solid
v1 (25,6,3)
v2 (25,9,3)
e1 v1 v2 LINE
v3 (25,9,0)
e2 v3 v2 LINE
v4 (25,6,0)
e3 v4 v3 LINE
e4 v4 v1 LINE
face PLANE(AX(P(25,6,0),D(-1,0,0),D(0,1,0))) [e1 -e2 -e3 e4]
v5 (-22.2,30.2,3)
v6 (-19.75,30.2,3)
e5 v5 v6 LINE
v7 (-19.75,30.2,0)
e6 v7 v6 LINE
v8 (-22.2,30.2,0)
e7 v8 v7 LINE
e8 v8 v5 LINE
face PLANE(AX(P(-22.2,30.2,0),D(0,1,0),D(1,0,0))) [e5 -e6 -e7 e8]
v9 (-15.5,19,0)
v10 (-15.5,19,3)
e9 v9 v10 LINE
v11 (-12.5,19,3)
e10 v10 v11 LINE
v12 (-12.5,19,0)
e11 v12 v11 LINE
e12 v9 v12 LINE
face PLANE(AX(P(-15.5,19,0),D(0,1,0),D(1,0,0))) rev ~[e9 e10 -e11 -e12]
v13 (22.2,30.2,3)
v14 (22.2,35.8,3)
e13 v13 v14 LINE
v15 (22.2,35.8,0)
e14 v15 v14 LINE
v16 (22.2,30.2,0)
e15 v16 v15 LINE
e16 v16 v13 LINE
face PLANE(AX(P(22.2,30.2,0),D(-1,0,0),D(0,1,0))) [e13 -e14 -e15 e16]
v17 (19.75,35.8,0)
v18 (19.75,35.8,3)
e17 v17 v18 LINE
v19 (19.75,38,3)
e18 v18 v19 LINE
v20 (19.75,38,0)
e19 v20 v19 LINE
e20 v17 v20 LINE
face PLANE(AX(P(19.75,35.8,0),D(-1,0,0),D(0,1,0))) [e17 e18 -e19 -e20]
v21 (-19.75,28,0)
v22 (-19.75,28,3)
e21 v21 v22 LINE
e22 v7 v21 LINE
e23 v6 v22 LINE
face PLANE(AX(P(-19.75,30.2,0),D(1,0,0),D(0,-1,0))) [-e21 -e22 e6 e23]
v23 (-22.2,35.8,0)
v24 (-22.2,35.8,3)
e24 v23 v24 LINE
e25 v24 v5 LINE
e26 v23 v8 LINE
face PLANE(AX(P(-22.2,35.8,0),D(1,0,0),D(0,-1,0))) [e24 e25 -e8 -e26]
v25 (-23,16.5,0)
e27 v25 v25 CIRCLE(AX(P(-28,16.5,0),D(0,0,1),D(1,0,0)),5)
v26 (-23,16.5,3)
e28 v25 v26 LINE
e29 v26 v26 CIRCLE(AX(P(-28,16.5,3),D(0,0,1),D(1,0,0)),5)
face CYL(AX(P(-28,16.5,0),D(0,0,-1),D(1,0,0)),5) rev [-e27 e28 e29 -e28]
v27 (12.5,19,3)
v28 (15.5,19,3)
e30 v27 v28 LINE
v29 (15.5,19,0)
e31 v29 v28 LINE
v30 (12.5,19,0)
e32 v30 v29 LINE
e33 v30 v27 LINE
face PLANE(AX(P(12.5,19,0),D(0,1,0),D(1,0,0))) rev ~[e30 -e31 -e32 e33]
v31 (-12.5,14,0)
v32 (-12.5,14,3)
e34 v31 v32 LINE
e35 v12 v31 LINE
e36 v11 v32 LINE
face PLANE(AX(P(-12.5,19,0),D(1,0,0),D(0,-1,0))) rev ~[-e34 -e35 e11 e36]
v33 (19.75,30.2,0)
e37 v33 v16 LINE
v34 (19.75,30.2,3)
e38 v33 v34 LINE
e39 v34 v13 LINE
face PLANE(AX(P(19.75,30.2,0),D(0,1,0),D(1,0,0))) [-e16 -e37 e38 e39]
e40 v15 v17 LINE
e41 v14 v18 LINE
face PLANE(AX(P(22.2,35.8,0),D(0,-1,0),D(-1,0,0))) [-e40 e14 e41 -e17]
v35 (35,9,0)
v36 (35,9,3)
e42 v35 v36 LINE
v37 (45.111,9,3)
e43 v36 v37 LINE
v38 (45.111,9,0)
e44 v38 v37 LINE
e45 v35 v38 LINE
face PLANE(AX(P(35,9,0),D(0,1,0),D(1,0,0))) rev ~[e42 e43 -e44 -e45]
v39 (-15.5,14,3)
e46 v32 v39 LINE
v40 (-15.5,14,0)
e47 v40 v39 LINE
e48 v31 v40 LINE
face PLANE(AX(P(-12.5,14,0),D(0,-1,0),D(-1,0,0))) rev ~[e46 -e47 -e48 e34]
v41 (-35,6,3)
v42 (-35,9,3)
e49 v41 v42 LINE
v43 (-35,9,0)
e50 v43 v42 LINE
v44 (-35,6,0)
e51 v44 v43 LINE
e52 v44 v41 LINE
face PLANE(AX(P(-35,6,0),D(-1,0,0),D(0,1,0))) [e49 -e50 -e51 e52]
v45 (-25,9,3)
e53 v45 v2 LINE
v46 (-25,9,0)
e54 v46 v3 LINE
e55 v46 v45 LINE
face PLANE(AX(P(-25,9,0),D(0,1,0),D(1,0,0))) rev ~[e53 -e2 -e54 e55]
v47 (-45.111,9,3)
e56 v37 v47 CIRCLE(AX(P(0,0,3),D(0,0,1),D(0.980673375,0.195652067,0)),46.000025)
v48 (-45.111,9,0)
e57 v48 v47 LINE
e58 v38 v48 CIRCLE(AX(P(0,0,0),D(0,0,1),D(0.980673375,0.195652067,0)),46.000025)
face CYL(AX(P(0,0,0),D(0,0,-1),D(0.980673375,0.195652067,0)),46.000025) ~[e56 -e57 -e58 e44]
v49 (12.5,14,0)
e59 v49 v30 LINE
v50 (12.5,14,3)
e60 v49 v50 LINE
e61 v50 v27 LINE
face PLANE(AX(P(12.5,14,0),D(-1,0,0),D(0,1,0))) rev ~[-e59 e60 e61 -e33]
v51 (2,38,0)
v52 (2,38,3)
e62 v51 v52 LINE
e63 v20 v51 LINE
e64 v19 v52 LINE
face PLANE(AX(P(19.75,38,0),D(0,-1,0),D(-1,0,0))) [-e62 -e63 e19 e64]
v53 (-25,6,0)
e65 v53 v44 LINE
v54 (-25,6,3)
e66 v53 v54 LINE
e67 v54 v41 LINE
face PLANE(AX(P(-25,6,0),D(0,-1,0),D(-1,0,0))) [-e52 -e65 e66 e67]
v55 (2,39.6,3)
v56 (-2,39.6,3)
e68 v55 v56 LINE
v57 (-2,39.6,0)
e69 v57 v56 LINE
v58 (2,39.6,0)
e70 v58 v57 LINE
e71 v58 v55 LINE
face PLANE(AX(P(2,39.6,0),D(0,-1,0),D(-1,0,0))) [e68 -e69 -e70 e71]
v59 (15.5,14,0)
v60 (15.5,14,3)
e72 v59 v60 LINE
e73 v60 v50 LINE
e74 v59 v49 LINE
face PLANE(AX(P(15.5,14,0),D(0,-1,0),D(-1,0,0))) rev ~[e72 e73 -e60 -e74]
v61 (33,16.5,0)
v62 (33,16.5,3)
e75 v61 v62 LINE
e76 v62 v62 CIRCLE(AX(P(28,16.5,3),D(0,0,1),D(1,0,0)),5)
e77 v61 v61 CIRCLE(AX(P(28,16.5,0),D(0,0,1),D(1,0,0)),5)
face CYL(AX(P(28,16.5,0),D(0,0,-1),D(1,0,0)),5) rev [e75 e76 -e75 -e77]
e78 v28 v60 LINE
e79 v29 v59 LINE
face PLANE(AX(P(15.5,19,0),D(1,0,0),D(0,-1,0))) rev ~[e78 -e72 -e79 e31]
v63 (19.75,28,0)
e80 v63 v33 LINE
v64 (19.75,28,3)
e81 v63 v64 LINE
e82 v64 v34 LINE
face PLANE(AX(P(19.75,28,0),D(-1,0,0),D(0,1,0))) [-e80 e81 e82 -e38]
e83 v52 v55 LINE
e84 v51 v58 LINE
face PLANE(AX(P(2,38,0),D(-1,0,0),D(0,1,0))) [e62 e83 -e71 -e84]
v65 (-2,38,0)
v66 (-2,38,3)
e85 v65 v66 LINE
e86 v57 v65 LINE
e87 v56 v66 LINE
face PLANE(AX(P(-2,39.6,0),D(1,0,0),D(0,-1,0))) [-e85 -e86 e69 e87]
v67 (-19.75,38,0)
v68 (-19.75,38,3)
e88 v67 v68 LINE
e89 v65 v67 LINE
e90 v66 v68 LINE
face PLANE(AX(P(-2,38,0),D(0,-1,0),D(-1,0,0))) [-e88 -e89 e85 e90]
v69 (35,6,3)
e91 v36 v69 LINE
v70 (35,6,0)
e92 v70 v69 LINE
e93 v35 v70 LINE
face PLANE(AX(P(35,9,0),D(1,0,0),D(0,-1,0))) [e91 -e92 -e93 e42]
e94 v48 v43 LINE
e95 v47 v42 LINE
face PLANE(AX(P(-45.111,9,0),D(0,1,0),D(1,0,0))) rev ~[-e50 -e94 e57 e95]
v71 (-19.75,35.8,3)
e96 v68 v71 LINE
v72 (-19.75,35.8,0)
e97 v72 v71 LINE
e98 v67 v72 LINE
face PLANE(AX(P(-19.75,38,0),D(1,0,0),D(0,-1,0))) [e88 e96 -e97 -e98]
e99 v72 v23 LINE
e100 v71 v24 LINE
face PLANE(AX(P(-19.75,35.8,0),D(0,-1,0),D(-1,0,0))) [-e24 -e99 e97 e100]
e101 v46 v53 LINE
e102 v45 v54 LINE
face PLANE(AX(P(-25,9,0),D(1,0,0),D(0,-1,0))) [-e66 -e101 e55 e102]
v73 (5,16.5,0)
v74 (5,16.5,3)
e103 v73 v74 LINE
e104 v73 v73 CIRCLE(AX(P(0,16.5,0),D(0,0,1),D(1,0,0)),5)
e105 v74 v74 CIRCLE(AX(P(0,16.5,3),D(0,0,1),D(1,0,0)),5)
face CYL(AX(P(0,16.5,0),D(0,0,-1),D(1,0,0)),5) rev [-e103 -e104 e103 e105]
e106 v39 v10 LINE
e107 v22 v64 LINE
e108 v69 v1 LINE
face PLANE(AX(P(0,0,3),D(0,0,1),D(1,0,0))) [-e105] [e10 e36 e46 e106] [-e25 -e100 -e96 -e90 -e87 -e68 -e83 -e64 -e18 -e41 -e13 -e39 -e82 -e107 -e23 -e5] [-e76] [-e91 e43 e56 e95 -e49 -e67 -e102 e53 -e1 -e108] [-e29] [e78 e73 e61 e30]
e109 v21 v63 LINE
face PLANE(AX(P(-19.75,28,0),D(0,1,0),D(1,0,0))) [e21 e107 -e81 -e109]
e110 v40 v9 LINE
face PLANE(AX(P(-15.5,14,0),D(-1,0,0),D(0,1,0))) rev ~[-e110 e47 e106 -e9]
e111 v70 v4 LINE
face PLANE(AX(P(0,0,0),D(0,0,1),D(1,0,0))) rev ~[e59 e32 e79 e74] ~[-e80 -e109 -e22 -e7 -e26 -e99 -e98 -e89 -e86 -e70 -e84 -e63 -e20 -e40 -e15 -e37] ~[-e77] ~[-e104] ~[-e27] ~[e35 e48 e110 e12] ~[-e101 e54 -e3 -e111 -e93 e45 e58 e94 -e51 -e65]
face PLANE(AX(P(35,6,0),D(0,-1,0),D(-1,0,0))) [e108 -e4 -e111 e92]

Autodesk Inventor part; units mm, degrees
ref_plane "YZ Plane" through (0, 0, 0) normal (1, 0, 0) x (0, 1, 0)
ref_plane "XZ Plane" through (0, 0, 0) normal (0, 1, 0) x (-1, 0, 0)
ref_plane "XY Plane" through (0, 0, 0) normal (0, 0, 1) x (1, 0, 0)
sketch "Sketch1" plane through (0, 0, 0) normal (0, 0, 1) x (1, 0, 0)
  arc A0 (45.111, 9) -> (-45.111, 9) centre (0, 0) ccw
  line L0 (35, 9) -> (35, 6)
  line L1 (35, 6) -> (25, 6)
  line L2 (25, 6) -> (25, 9)
  line L3 (-25, 9) -> (-25, 6)
  line L4 (-25, 6) -> (-35, 6)
  line L5 (-35, 6) -> (-35, 9)
  line L6 (-45.111, 9) -> (-35, 9)
  line L7 (-25, 9) -> (25, 9)
  line L8 (35, 9) -> (45.111, 9)
  line L9 (-22.2, 35.8) -> (-22.2, 30.2)
  line L10 (-22.2, 30.2) -> (-19.75, 30.2)
  line L11 (-19.75, 30.2) -> (-19.75, 28)
  line L12 (19.75, 28) -> (19.75, 30.2)
  line L13 (19.75, 30.2) -> (22.2, 30.2)
  line L14 (22.2, 30.2) -> (22.2, 35.8)
  line L15 (22.2, 35.8) -> (19.75, 35.8)
  line L16 (19.75, 35.8) -> (19.75, 38)
  line L17 (19.75, 38) -> (2, 38)
  line L18 (2, 38) -> (2, 39.6)
  line L19 (2, 39.6) -> (-2, 39.6)
  line L20 (-2, 39.6) -> (-2, 38)
  line L21 (-2, 38) -> (-19.75, 38)
  line L22 (-19.75, 38) -> (-19.75, 35.8)
  line L23 (-19.75, 35.8) -> (-22.2, 35.8)
  line L24 (-19.75, 28) -> (19.75, 28)
  line L25 (-15.5, 19) -> (-12.5, 19)
  line L26 (-12.5, 19) -> (-12.5, 14)
  line L27 (-12.5, 14) -> (-15.5, 14)
  line L28 (-15.5, 14) -> (-15.5, 19)
  line L29 (12.5, 19) -> (15.5, 19)
  line L30 (15.5, 19) -> (15.5, 14)
  line L31 (15.5, 14) -> (12.5, 14)
  line L32 (12.5, 14) -> (12.5, 19)
  circle A1 centre (0, 16.5) radius 5
  circle A2 centre (-28, 16.5) radius 5
  circle A3 centre (28, 16.5) radius 5
  dimension "d7" = 46
  dimension "d8" = 50
  dimension "d9" = 10
  dimension "d10" = 10
  dimension "d12" = 5.6
  dimension "d13" = 2.2
  dimension "d14" = 4
  dimension "d15" = 39.5
  dimension "d17" = 5.6
  dimension "d18" = 2.2
  dimension "d22" = 17.75
  dimension "d23" = 44.4
  dimension "d24" = 39.5
  dimension "d25" = 2.2
  dimension "d26" = 2.2
  dimension "d27" = 2.45
  dimension "d28" = 2.45
  dimension "d29" = 11.6
  dimension "d30" = 22.2
  dimension "d31" = 28
  dimension "d34" = 5
  dimension "d35" = 3
  dimension "d36" = 5
  dimension "d37" = 3
  dimension "d38" = 5
  dimension "d39" = 5
  dimension "d40" = 25
  dimension "d41" = 12.5
  dimension "d44" = 10
  dimension "d45" = 10
  dimension "d46" = 10
  dimension "d47" = 12.5
  dimension "d48" = 12.5
  dimension "d49" = 12.5
extrude "Extrusion3" add sketch "Sketch1" along normal blind 3
properties part number "OpenROV_Dev_EChassis_Plug_Mount"
